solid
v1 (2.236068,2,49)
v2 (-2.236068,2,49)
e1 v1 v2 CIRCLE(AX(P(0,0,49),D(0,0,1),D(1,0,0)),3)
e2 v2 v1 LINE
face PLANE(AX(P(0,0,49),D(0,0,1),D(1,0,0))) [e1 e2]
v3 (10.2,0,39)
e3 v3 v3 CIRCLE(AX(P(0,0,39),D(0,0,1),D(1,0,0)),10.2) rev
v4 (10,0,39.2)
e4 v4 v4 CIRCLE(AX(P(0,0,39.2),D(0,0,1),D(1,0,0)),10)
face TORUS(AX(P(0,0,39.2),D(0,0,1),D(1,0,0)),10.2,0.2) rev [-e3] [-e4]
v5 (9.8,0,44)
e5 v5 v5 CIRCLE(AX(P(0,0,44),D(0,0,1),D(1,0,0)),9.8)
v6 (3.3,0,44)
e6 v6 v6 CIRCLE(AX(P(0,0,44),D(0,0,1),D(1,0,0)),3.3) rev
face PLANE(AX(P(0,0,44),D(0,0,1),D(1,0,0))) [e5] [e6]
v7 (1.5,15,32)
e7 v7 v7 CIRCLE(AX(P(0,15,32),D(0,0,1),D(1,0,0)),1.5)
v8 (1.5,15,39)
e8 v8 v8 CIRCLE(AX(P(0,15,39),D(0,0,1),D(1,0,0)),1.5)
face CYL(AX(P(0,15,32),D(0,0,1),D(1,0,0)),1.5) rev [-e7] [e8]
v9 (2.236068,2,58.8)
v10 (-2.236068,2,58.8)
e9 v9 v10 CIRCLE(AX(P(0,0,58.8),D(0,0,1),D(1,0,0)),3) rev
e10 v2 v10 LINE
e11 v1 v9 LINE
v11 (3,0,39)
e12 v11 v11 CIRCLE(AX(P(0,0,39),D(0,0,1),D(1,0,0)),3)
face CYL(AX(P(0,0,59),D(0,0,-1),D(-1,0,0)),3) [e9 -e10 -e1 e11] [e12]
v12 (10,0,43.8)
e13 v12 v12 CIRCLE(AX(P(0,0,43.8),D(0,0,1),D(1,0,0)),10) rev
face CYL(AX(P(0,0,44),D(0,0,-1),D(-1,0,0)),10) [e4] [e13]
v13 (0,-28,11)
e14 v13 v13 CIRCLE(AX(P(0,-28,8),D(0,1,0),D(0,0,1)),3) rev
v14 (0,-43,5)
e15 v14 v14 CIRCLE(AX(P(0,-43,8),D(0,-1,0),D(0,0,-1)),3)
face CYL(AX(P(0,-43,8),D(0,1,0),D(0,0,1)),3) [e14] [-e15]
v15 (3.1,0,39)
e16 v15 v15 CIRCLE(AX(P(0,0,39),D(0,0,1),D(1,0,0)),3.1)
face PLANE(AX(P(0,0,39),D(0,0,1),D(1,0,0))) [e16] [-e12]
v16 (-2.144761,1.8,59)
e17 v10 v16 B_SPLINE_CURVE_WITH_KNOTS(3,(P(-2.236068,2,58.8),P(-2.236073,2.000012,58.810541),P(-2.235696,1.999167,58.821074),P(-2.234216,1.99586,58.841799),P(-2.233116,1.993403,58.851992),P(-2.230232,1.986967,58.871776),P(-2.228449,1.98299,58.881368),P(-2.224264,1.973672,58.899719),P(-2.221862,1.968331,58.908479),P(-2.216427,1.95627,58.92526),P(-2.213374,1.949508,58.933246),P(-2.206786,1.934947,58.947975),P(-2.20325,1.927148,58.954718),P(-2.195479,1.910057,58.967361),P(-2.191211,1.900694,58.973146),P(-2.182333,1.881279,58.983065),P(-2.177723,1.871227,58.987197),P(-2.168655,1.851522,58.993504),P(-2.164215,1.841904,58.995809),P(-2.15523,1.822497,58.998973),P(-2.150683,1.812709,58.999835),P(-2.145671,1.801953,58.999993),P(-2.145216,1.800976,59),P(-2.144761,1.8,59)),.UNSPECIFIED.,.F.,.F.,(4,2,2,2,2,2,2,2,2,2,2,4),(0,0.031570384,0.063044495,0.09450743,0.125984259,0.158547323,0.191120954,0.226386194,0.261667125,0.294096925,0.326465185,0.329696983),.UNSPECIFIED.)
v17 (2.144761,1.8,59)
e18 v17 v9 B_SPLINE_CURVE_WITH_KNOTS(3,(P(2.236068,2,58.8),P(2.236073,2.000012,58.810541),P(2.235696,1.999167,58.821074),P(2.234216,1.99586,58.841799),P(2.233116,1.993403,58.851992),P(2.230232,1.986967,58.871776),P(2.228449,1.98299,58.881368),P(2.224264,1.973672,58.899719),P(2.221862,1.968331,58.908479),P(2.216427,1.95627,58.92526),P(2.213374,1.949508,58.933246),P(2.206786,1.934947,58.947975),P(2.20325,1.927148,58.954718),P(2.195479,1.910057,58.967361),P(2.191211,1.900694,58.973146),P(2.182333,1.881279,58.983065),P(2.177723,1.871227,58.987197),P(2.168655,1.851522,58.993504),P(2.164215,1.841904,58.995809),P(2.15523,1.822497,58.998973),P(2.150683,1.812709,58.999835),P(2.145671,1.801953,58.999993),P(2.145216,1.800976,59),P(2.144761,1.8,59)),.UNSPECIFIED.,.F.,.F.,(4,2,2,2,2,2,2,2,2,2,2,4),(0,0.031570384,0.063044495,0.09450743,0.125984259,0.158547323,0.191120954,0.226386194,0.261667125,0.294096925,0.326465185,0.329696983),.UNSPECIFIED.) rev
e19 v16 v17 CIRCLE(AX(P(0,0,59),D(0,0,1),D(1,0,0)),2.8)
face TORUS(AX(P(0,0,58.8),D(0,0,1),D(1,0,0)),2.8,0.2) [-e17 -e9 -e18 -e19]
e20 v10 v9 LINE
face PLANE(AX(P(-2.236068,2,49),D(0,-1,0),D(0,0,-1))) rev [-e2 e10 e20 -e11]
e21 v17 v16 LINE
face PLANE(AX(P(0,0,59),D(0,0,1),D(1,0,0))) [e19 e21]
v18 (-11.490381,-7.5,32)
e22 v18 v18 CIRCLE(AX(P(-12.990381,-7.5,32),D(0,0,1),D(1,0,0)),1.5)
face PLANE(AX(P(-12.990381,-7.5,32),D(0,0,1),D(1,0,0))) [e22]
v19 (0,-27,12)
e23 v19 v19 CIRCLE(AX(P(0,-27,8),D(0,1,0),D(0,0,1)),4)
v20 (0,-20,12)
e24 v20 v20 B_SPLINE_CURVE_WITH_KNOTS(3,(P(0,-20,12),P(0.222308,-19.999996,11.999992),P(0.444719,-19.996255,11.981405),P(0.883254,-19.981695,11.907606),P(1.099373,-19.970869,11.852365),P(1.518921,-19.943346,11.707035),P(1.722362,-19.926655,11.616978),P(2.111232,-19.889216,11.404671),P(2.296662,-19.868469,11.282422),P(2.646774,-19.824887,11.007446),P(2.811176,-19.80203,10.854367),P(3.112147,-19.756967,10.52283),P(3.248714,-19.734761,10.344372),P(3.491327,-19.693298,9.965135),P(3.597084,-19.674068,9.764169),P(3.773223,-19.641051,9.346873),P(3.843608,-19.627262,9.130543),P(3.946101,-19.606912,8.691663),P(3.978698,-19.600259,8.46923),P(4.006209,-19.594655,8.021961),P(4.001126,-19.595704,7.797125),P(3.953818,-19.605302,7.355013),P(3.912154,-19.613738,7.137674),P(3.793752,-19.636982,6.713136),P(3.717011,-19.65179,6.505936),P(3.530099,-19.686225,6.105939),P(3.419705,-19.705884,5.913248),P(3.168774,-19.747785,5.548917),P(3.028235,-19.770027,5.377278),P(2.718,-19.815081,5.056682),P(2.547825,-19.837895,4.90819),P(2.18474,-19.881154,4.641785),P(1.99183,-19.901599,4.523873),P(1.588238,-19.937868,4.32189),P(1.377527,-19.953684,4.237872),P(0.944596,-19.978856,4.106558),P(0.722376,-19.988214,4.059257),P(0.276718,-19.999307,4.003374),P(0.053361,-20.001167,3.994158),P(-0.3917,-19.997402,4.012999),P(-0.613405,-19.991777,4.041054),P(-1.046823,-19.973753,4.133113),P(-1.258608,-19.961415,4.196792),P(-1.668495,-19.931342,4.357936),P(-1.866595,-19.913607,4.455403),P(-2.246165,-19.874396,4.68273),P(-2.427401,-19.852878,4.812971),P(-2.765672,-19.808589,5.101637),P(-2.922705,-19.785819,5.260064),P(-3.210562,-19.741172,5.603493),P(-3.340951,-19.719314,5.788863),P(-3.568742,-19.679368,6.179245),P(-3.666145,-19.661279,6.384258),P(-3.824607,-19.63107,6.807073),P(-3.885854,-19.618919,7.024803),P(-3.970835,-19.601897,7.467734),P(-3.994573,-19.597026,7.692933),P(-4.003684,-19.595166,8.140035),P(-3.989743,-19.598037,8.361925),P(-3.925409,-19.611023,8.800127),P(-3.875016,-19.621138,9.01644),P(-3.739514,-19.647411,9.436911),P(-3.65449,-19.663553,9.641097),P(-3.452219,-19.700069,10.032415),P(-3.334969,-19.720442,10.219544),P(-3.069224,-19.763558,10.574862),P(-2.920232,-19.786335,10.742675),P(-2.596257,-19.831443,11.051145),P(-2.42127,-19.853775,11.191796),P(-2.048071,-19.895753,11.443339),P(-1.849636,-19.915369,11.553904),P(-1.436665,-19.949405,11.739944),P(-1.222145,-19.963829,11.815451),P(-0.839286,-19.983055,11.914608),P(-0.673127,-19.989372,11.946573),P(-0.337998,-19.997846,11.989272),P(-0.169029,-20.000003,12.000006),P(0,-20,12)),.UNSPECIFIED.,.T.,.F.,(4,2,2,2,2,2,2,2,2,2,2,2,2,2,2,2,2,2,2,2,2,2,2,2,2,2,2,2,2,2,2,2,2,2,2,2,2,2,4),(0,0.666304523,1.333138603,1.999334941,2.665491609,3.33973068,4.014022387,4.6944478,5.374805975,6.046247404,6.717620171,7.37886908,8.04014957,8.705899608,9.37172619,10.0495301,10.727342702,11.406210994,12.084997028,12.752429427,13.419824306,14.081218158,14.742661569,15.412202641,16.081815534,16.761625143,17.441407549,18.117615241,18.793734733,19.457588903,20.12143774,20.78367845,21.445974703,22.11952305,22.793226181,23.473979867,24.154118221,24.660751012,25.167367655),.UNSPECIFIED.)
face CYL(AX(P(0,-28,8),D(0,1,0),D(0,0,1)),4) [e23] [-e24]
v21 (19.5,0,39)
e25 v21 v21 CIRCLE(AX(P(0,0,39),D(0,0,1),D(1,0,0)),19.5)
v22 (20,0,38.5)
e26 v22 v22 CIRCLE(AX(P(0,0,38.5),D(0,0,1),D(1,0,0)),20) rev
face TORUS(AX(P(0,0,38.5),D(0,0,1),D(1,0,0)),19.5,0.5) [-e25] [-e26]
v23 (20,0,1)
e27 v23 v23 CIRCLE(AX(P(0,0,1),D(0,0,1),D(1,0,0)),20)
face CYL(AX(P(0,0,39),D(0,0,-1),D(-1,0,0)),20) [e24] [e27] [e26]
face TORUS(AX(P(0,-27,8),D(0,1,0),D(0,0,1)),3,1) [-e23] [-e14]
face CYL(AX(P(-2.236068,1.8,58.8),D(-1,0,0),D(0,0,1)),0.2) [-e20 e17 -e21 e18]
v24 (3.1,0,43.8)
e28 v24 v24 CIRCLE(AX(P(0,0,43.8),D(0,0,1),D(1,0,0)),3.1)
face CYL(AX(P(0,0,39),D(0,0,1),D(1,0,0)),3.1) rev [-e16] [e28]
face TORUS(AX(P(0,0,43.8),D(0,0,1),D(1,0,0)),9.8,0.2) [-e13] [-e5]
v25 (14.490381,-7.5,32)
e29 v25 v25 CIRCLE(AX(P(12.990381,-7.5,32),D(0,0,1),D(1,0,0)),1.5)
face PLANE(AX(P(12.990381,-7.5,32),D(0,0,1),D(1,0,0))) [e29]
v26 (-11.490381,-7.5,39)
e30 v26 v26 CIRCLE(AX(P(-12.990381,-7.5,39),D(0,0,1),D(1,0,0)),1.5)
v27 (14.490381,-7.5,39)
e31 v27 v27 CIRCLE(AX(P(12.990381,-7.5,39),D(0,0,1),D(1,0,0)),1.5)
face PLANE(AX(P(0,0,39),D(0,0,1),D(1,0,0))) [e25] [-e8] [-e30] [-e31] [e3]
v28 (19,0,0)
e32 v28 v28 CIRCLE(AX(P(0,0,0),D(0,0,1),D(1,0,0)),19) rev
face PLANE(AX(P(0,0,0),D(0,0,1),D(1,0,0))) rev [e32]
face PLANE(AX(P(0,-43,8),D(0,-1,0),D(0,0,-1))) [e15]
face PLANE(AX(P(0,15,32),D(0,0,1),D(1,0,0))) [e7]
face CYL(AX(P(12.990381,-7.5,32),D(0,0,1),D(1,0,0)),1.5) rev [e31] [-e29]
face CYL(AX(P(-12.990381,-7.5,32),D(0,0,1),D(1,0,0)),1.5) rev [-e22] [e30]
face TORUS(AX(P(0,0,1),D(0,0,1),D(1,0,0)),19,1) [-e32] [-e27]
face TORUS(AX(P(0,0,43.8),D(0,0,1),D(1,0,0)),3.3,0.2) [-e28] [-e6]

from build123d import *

# Parameters (mm, degrees)
SKETCH1_R           = 20
BOSS_EXTRUDE1_DEPTH = 39
SKETCH2_R           = 10
BOSS_EXTRUDE2_DEPTH = 5
SKETCH3_R           = 3
BOSS_EXTRUDE3_DEPTH = 15
CUT_EXTRUDE1_START  = -10
CUT_EXTRUDE1_DEPTH  = 10
SKETCH5_R           = 1.5
CUT_EXTRUDE2_DEPTH  = 7
SKETCH6_R           = 4
BOSS_EXTRUDE4_DEPTH = 28
FILLET1_R           = 0.5
FILLET2_R           = 1
FILLET3_R           = 1
SKETCH7_R           = 3
BOSS_EXTRUDE5_DEPTH = 15
FILLET4_R           = 0.2
FILLET5_R           = 0.2
CUT_EXTRUDE3_START  = -5
SKETCH8_R           = 3.1
SKETCH8_R_2         = 3
CUT_EXTRUDE3_DEPTH  = 5
FILLET6_R           = 0.2
FILLET7_R           = 0.2


with BuildPart() as part:
    # Sketch1 → Boss-Extrude1 (new body)
    with BuildSketch(Plane.XY):
        Circle(SKETCH1_R)
    extrude(amount=BOSS_EXTRUDE1_DEPTH)

    # Sketch2 → Boss-Extrude2 (add)
    with BuildSketch(Plane.XY.offset(39)):
        Circle(SKETCH2_R)
    extrude(amount=BOSS_EXTRUDE2_DEPTH)

    # Sketch3 → Boss-Extrude3 (add)
    with BuildSketch(Plane.XY.offset(44)):
        Circle(SKETCH3_R)
    extrude(amount=BOSS_EXTRUDE3_DEPTH)

    # Sketch4 → Cut-Extrude1 (cut)
    with BuildSketch(Plane.XY.offset(59).offset(CUT_EXTRUDE1_START)):
        with BuildLine():
            Line((-2.236067977, 2), (2.236067977, 2))
            ThreePointArc((2.236067977, 2), (0, 3), (-2.236067977, 2))
        make_face()
    extrude(amount=CUT_EXTRUDE1_DEPTH, mode=Mode.SUBTRACT)

    # Sketch5 → Cut-Extrude2 (cut)
    with BuildSketch(Plane.XY.offset(39)):
        with Locations((0, 15)):
            Circle(SKETCH5_R)
        with Locations((12.990381057, -7.5)):
            Circle(SKETCH5_R)
        with Locations((-12.990381057, -7.5)):
            Circle(SKETCH5_R)
    extrude(amount=-CUT_EXTRUDE2_DEPTH, mode=Mode.SUBTRACT)

    # Sketch6 → Boss-Extrude4 (add)
    with BuildSketch(Plane(origin=(0, 0, 0), x_dir=(1, 0, 0), z_dir=(0, 1, 0))):
        with Locations(Location((0, -8, 0), (0, 0, 270))):
            Circle(SKETCH6_R)
    extrude(amount=-BOSS_EXTRUDE4_DEPTH)

    # Fillet1
    fillet1_edges = [part.edges().sort_by_distance(p)[0] for p in [
        (-20, 0, 39),
    ]]
    fillet(fillet1_edges, radius=FILLET1_R)

    # Fillet2
    fillet2_edges = [part.edges().sort_by_distance(p)[0] for p in [
        (-20, 0, 0),
    ]]
    fillet(fillet2_edges, radius=FILLET2_R)

    # Fillet3
    fillet3_edges = [part.edges().sort_by_distance(p)[0] for p in [
        (0, -28, 4),
    ]]
    fillet(fillet3_edges, radius=FILLET3_R)

    # Sketch7 → Boss-Extrude5 (add)
    with BuildSketch(Plane.XZ.offset(28)):
        with Locations(Location((0, 8, 0), (0, 0, 90))):
            Circle(SKETCH7_R)
    extrude(amount=BOSS_EXTRUDE5_DEPTH)

    # Fillet4
    fillet4_edges = [part.edges().sort_by_distance(p)[0] for p in [
        (-10, 0, 44),
    ]]
    fillet(fillet4_edges, radius=FILLET4_R)

    # Fillet5
    fillet5_edges = [part.edges().sort_by_distance(p)[0] for p in [
        (-1.070466269, -2.802517077, 59),
        (0, 2, 59),
    ]]
    fillet(fillet5_edges, radius=FILLET5_R)

    # Sketch8 → Cut-Extrude3 (cut)
    with BuildSketch(Plane.XY.offset(44).offset(CUT_EXTRUDE3_START)):
        Circle(SKETCH8_R)
        with Locations(Location((0, 0, 0), (0, 0, 138.189685104))):
            Circle(SKETCH8_R_2, mode=Mode.SUBTRACT)
    extrude(amount=CUT_EXTRUDE3_DEPTH, mode=Mode.SUBTRACT)

    # Fillet6
    fillet6_edges = [part.edges().sort_by_distance(p)[0] for p in [
        (-10, 0, 39),
    ]]
    fillet(fillet6_edges, radius=FILLET6_R)

    # Fillet7
    fillet7_edges = [part.edges().sort_by_distance(p)[0] for p in [
        (-3.1, 0, 44),
    ]]
    fillet(fillet7_edges, radius=FILLET7_R)


solid = part.part
